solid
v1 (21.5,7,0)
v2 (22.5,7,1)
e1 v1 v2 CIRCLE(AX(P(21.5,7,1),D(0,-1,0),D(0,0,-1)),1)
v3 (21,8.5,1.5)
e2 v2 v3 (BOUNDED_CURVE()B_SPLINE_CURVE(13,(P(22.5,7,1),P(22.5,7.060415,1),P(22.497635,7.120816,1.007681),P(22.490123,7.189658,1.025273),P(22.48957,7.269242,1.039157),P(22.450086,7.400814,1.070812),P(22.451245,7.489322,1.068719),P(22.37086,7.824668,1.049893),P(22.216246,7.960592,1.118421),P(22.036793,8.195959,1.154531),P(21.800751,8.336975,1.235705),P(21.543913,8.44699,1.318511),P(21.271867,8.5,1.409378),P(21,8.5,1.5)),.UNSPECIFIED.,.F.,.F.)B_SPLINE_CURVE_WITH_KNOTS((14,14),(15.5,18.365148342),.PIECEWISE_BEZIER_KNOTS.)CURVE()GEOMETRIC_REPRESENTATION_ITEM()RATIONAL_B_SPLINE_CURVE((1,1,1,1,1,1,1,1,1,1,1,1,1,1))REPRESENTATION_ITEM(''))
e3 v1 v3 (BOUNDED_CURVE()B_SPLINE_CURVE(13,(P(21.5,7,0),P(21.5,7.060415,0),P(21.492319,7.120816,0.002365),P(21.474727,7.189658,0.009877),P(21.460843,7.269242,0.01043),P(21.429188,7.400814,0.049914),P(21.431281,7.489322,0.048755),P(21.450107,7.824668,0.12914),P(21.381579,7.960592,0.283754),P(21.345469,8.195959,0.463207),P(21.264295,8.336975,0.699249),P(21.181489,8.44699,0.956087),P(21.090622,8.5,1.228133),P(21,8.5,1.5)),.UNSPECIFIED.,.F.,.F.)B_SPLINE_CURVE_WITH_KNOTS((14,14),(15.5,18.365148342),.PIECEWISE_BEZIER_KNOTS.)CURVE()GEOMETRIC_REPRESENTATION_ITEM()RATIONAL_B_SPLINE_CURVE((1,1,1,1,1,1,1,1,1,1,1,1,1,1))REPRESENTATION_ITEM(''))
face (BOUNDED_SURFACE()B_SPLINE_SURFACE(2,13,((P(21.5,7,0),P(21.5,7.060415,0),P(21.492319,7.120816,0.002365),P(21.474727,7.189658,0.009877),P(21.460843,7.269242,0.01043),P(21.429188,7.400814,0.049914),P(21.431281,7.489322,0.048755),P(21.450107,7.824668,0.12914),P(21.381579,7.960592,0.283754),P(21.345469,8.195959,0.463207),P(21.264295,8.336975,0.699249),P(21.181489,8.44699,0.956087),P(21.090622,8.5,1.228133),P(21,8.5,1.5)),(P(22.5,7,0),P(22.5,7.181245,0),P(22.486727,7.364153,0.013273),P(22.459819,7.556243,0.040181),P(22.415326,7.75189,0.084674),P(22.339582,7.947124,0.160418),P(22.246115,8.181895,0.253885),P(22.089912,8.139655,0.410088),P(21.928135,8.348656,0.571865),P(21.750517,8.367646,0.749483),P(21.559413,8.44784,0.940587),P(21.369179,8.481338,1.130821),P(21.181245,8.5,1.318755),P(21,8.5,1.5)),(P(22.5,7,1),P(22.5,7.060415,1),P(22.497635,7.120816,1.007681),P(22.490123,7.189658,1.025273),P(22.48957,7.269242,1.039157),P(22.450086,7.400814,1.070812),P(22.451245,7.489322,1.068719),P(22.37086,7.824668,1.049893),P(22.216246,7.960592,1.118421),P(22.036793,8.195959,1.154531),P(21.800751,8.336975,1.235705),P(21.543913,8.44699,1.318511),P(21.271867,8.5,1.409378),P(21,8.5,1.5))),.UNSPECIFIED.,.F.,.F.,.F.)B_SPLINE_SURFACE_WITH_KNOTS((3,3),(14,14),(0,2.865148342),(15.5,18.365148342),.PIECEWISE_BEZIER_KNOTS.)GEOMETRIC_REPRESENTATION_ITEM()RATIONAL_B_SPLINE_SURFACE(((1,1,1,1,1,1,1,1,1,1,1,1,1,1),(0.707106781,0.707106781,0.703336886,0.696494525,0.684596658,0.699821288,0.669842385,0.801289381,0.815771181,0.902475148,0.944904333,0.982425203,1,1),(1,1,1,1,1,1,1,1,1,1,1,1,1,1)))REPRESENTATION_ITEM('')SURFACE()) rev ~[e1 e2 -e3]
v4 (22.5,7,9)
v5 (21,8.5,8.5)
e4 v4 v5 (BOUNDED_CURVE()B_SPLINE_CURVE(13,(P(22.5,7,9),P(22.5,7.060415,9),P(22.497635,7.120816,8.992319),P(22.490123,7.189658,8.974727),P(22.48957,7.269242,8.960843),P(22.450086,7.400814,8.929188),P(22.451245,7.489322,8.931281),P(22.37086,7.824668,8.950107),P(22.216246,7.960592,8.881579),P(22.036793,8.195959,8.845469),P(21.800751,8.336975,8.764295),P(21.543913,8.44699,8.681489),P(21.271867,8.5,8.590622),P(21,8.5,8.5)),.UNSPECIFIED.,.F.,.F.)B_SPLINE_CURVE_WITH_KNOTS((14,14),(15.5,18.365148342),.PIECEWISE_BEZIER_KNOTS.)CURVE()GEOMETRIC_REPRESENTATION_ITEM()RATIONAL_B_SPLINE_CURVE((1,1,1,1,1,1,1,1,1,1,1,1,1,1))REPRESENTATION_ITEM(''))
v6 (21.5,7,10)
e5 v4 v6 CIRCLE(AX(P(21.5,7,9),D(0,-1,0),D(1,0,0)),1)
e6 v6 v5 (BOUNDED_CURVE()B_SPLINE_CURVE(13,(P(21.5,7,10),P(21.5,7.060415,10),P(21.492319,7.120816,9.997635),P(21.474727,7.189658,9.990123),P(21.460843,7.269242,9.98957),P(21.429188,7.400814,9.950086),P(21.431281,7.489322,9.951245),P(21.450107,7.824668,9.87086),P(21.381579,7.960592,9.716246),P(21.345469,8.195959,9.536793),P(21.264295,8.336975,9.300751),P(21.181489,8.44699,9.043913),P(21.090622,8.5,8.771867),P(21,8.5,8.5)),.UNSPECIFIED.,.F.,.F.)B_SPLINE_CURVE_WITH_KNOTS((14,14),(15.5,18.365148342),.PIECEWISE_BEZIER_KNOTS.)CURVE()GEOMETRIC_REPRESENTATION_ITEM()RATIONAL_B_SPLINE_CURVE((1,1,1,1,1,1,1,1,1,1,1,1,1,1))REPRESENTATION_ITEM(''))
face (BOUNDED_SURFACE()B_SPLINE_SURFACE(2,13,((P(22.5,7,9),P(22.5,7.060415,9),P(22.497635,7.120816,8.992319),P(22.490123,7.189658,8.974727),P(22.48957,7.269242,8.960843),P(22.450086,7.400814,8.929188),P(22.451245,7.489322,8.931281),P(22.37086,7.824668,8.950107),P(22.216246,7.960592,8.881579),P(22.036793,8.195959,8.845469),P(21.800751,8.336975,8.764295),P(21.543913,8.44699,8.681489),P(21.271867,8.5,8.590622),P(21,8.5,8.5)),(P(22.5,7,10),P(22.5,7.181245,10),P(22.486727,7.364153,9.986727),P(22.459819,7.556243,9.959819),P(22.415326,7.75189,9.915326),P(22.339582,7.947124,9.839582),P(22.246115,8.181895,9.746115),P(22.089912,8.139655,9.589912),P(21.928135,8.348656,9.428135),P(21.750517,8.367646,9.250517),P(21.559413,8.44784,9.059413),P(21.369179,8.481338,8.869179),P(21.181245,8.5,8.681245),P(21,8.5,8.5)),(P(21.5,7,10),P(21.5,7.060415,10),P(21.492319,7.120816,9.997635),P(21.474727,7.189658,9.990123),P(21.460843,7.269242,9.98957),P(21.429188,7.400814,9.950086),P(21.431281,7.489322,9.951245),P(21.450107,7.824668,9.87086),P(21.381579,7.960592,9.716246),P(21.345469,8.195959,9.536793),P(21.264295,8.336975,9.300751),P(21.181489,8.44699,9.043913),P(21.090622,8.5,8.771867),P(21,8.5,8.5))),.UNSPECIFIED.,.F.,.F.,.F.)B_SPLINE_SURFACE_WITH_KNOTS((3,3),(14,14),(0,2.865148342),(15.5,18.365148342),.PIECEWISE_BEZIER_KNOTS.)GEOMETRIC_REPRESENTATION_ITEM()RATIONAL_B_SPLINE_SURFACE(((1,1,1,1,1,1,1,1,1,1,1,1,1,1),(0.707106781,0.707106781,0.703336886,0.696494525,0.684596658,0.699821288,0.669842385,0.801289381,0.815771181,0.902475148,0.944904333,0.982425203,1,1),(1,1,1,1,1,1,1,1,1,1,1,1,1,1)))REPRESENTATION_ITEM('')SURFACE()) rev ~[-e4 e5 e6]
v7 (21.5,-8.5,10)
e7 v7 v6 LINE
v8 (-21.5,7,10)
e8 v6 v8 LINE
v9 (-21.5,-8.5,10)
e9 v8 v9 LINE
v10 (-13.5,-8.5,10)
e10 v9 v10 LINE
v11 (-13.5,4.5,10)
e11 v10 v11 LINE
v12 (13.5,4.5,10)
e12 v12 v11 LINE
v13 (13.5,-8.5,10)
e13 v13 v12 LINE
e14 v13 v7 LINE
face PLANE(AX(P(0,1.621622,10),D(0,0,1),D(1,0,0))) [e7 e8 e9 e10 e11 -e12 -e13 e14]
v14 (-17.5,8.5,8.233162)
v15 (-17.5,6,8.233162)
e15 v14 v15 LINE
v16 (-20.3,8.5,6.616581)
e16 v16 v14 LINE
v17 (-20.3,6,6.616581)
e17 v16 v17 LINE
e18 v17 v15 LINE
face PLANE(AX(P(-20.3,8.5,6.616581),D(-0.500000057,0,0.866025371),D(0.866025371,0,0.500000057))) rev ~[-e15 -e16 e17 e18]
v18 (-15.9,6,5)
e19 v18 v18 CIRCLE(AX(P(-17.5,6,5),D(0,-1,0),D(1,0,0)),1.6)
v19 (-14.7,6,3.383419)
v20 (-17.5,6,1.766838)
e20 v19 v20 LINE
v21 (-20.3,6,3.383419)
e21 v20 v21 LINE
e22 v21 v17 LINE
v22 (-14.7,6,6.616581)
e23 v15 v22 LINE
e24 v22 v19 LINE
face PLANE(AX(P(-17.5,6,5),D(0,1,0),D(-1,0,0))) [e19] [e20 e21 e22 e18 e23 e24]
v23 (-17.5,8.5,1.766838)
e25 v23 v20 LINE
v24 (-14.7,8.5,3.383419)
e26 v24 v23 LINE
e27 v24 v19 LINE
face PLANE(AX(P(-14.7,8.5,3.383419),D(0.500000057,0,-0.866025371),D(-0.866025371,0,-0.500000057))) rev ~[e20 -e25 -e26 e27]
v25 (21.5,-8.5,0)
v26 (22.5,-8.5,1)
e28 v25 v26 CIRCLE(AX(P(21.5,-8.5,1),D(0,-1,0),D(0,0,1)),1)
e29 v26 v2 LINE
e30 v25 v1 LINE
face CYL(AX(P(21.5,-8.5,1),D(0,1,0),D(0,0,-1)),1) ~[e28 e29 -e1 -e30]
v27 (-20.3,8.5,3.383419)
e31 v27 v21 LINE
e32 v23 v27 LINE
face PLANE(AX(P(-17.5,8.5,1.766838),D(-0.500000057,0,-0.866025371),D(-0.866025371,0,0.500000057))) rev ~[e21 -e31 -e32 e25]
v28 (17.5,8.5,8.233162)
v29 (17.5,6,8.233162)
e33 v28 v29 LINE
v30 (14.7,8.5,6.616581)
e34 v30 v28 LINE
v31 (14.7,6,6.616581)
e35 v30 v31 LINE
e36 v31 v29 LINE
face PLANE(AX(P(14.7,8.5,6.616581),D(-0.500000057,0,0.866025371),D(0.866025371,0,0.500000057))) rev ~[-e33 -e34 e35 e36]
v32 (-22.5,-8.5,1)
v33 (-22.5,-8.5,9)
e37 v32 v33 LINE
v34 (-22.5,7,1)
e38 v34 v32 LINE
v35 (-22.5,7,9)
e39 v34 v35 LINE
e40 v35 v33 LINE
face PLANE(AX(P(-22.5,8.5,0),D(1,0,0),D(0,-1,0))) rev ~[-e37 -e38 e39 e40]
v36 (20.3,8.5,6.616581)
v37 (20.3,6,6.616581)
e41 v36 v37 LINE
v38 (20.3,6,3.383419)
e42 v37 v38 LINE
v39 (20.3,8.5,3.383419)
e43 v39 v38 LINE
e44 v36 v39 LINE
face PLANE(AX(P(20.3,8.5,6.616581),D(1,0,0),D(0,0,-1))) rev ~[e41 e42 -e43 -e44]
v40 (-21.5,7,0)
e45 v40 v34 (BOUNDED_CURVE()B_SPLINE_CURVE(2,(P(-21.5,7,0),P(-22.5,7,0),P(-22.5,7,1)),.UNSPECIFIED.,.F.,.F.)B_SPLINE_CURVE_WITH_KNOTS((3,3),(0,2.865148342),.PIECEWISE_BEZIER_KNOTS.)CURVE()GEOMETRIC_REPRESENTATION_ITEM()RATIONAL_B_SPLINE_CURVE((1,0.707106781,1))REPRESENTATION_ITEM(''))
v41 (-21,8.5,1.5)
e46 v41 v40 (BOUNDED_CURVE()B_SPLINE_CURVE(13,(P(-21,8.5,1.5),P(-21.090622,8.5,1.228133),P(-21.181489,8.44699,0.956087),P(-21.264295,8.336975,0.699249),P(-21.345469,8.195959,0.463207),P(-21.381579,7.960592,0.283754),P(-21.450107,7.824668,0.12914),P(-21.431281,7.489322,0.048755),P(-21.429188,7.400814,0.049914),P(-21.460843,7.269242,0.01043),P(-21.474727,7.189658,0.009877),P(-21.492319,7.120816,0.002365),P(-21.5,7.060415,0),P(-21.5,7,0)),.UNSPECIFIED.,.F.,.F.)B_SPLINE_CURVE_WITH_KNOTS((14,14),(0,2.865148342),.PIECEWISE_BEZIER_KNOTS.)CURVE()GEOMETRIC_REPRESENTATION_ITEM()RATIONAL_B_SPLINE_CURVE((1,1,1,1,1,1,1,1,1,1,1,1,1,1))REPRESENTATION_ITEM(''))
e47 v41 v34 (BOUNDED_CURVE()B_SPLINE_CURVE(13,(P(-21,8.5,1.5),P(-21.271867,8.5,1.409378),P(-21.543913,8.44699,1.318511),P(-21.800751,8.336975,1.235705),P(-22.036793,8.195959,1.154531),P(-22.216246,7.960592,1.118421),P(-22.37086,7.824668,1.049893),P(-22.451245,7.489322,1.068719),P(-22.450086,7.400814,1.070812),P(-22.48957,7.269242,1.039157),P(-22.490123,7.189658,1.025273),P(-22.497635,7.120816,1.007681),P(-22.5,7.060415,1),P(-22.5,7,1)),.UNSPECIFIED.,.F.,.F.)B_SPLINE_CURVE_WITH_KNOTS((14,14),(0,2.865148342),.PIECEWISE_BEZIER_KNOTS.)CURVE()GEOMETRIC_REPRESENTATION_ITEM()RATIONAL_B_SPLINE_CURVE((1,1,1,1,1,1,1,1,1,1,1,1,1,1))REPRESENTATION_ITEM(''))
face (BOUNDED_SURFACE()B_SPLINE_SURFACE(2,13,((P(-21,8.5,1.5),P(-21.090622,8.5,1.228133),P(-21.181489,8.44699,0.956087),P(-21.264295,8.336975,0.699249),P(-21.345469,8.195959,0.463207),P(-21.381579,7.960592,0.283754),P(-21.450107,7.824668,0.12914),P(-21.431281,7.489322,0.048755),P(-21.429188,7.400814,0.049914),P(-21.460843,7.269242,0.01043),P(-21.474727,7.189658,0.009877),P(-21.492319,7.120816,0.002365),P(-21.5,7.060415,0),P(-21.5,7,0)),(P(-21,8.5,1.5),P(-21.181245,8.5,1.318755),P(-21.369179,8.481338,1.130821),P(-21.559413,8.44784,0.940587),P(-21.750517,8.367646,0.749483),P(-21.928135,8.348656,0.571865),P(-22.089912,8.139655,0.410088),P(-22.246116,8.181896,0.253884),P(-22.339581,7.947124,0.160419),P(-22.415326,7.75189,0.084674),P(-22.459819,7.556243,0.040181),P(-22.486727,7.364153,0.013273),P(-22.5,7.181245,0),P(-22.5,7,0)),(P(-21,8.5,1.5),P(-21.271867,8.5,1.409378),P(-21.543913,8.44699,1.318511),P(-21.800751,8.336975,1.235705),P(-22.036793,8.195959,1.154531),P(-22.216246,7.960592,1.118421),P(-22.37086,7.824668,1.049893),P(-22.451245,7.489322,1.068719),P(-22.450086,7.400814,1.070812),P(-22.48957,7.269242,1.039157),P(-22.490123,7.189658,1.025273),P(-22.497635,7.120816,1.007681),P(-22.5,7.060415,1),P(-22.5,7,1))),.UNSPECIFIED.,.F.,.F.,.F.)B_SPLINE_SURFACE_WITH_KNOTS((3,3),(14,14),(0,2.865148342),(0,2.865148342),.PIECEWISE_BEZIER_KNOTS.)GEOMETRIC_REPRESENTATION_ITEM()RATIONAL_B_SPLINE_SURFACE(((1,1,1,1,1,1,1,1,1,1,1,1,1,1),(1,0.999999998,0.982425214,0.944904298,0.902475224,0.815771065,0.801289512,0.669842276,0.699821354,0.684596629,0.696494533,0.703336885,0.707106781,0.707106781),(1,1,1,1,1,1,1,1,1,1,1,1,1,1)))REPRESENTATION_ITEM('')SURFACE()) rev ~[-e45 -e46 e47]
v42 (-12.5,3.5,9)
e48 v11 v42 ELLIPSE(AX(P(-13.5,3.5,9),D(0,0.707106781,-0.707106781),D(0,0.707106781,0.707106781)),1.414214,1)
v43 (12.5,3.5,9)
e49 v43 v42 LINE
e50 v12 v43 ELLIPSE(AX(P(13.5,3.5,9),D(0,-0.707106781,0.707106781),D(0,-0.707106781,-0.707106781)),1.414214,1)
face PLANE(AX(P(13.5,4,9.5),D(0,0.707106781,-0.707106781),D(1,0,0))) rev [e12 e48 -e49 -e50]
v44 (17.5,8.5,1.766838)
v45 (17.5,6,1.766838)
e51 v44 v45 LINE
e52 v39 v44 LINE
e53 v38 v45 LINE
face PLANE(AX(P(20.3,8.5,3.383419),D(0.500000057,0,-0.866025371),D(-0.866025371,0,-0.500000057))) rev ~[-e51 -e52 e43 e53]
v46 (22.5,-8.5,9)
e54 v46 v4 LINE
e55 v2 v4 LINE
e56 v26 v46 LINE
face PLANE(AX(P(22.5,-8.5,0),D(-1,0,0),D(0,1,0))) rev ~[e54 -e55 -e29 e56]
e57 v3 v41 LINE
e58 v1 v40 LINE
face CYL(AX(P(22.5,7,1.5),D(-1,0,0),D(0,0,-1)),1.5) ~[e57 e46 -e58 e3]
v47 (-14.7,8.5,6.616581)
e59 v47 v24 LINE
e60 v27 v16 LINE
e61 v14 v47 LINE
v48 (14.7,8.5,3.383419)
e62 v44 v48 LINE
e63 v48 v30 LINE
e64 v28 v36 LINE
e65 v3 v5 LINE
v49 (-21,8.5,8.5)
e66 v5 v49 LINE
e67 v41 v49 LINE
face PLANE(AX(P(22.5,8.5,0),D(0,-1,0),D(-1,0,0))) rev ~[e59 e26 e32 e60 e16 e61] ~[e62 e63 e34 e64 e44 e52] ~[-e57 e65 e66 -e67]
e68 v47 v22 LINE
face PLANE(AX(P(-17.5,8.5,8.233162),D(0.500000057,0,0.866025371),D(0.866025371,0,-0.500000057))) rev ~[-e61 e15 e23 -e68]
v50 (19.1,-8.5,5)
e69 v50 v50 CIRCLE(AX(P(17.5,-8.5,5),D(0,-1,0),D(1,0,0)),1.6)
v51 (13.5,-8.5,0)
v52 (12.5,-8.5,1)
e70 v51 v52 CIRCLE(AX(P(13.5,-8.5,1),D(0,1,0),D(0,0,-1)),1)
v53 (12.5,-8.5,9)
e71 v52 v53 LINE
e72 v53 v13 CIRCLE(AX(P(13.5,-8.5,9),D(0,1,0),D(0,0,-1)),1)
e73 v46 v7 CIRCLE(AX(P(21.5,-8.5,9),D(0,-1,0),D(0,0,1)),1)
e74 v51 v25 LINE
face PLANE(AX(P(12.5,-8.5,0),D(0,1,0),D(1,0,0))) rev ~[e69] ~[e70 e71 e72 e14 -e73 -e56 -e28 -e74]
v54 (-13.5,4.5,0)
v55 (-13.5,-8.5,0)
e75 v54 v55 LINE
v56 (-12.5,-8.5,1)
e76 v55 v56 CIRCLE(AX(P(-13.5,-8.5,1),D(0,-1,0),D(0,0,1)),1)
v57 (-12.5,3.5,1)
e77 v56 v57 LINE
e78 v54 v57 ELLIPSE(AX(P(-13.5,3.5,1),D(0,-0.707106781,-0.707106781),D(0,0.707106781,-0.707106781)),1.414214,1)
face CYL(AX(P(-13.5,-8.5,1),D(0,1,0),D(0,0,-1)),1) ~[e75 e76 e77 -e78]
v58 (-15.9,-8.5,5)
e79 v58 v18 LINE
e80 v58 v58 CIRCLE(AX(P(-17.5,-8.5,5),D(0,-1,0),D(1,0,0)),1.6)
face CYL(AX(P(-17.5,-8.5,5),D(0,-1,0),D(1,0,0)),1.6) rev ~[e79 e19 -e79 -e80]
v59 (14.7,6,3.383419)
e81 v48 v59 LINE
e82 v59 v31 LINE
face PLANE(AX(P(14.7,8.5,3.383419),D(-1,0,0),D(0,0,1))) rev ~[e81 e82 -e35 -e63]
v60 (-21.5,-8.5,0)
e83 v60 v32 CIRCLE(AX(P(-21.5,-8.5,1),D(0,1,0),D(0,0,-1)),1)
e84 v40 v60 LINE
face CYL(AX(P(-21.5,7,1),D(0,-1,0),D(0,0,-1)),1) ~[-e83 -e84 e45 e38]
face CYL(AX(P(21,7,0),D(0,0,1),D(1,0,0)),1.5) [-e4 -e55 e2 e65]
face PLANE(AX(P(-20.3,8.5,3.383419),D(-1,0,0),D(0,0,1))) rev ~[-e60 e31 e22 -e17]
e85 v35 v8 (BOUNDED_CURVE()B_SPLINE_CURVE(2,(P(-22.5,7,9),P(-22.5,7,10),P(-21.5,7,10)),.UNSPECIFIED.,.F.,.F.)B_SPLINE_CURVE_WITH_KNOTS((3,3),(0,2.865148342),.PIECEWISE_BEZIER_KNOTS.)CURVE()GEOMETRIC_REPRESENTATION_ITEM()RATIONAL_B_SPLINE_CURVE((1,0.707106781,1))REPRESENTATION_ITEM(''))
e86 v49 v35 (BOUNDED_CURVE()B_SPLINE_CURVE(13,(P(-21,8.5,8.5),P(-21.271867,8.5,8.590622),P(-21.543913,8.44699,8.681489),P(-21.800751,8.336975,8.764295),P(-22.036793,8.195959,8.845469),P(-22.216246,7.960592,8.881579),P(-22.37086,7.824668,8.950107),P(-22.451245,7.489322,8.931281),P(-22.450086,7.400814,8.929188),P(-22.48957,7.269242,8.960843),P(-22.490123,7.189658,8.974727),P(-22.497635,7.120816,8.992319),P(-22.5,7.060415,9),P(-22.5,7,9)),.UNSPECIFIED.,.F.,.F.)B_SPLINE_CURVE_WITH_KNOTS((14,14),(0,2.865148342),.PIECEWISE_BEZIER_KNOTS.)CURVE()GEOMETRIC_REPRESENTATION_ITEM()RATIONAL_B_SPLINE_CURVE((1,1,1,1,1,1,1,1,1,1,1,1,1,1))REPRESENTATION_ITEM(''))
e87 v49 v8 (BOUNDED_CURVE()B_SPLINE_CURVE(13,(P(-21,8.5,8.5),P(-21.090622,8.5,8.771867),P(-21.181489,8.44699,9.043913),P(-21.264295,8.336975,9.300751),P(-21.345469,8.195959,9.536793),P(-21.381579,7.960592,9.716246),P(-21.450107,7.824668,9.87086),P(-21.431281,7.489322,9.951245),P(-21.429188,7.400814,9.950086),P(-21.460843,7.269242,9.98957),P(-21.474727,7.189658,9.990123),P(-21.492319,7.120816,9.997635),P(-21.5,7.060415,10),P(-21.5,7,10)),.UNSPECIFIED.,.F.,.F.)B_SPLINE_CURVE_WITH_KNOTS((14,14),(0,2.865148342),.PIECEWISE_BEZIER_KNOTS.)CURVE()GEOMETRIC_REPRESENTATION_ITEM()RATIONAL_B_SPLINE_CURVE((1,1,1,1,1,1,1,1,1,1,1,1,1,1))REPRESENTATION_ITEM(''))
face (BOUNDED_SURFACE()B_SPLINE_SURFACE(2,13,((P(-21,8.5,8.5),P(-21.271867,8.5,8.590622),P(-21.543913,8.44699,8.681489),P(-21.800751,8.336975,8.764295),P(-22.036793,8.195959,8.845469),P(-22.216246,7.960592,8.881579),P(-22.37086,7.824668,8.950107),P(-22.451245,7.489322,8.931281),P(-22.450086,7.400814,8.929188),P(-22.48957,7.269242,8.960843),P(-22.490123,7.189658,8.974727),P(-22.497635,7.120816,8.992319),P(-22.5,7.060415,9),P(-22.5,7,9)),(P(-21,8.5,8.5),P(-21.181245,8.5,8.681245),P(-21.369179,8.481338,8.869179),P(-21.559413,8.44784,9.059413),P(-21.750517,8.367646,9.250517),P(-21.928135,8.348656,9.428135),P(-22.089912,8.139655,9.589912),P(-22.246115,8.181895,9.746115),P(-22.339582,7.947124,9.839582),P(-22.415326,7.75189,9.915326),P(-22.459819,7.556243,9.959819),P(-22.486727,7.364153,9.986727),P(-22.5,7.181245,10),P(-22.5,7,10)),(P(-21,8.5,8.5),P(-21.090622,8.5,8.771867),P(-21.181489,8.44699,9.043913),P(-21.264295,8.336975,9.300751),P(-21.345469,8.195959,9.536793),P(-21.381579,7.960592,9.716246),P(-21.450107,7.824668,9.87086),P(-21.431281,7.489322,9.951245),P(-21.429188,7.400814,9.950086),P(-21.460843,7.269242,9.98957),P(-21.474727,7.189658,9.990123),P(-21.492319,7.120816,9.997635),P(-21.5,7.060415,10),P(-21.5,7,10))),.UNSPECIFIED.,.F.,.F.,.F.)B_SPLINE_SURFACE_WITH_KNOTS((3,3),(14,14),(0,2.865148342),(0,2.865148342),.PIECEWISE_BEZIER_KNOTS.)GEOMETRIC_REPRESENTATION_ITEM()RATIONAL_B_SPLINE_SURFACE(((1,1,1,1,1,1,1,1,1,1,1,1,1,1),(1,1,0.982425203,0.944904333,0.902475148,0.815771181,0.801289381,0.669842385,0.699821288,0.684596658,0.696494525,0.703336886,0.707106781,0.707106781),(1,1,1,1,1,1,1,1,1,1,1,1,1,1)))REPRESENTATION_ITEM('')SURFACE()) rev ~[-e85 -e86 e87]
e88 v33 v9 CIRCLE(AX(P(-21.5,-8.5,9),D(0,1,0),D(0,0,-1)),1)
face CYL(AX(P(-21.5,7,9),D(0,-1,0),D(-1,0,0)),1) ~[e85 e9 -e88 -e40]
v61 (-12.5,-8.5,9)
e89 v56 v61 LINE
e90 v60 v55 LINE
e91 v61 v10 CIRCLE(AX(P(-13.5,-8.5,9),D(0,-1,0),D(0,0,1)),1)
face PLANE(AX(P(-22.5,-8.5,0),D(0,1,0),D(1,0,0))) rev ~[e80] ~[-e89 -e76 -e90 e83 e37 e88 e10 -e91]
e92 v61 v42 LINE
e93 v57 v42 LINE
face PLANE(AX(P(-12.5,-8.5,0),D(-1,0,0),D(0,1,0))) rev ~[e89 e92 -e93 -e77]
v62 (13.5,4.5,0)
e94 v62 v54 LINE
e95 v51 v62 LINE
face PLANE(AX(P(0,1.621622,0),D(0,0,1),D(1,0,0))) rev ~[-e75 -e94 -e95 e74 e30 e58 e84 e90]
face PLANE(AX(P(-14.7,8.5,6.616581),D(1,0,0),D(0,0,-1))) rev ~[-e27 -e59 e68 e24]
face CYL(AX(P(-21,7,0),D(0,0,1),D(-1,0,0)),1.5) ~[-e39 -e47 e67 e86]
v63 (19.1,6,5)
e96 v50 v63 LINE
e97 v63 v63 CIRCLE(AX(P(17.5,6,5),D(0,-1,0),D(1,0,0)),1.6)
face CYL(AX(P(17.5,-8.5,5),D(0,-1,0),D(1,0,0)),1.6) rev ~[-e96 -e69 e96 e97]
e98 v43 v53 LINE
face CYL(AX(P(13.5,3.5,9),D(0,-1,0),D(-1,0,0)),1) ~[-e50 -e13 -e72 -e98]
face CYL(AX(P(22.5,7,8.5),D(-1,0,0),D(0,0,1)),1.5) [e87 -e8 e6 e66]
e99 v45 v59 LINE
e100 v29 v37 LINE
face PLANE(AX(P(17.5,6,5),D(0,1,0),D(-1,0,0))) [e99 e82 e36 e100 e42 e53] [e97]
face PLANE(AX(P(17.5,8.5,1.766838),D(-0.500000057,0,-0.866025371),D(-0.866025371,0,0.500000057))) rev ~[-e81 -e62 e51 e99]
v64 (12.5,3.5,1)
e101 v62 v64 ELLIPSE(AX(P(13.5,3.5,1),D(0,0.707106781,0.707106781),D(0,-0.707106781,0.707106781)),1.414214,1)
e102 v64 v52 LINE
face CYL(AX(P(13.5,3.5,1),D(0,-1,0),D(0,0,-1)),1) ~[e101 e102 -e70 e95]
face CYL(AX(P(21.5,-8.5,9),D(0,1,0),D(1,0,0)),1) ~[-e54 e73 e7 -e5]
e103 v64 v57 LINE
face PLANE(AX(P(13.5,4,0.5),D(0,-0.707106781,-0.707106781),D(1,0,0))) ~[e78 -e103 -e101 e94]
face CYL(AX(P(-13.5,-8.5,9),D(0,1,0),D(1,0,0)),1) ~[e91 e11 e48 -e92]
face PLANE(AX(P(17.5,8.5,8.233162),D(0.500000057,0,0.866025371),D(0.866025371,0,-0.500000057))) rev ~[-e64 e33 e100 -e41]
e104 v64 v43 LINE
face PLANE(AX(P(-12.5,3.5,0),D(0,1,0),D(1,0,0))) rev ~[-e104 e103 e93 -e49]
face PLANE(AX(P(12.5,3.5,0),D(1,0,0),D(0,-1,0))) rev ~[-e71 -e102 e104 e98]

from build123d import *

# Parameters (mm, degrees)
PAD_DEPTH       = 10
SKETCH001_R     = 1.6
POCKET_DEPTH    = 17.001
POCKET001_DEPTH = 2.5
FILLET_R        = 1.5
FILLET001_R     = 1
CHAMFER_SIZE    = 1


with BuildPart() as part:
    # Sketch → Pad (new body)
    with BuildSketch(Plane.XY):
        Polygon((-12.5, -8.5), (-12.5, 3.5), (12.5, 3.5), (12.5, -8.5), (22.5, -8.5), (22.5, 8.5), (-22.5, 8.5), (-22.5, -8.5), align=None)
    extrude(amount=PAD_DEPTH)

    # Sketch001 (on Face4 of Pad) → Pocket (cut, through all)
    with BuildSketch(Plane.XZ.offset(8.5)):
        with Locations((-17.5, 5)):
            Circle(SKETCH001_R)
        with Locations((17.5, 5)):
            Circle(SKETCH001_R)
    extrude(amount=-POCKET_DEPTH, mode=Mode.SUBTRACT)

    # Sketch002 (on Face11 of Pocket) → Pocket001 (cut)
    with BuildSketch(Plane(origin=(0, 8.5, 0), x_dir=(-1, 0, 0), z_dir=(0, 1, 0))):
        Polygon((-17.5, 8.233162), (-20.3, 6.616581), (-20.3, 3.383419), (-17.5, 1.766838), (-14.7, 3.383419), (-14.7, 6.616581), align=None)
        Polygon((17.5, 8.233162), (14.7, 6.616581), (14.7, 3.383419), (17.5, 1.766838), (20.3, 3.383419), (20.3, 6.616581), align=None)
    extrude(amount=-POCKET001_DEPTH, mode=Mode.SUBTRACT)

    # Fillet
    fillet_edges = [part.edges().sort_by_distance(p)[0] for p in [
        (0, 8.5, 0),
        (0, 8.5, 10),
        (-22.5, 8.5, 5),
        (22.5, 8.5, 5),
    ]]
    fillet(fillet_edges, radius=FILLET_R)

    # Fillet001
    fillet001_edges = [part.edges().sort_by_distance(p)[0] for p in [
        (-12.5, -2.5, 0),
        (-12.5, -2.5, 10),
        (-22.5, -0.75, 0),
        (-22.5, -0.75, 10),
        (12.5, -2.5, 10),
        (12.5, -2.5, 0),
        (22.5, -0.75, 0),
        (22.5, -0.75, 10),
    ]]
    fillet(fillet001_edges, radius=FILLET001_R)

    # Chamfer
    chamfer_edges = [part.edges().sort_by_distance(p)[0] for p in [
        (0, 3.5, 0),
        (0, 3.5, 10),
    ]]
    chamfer(chamfer_edges, length=CHAMFER_SIZE)


solid = part.part
